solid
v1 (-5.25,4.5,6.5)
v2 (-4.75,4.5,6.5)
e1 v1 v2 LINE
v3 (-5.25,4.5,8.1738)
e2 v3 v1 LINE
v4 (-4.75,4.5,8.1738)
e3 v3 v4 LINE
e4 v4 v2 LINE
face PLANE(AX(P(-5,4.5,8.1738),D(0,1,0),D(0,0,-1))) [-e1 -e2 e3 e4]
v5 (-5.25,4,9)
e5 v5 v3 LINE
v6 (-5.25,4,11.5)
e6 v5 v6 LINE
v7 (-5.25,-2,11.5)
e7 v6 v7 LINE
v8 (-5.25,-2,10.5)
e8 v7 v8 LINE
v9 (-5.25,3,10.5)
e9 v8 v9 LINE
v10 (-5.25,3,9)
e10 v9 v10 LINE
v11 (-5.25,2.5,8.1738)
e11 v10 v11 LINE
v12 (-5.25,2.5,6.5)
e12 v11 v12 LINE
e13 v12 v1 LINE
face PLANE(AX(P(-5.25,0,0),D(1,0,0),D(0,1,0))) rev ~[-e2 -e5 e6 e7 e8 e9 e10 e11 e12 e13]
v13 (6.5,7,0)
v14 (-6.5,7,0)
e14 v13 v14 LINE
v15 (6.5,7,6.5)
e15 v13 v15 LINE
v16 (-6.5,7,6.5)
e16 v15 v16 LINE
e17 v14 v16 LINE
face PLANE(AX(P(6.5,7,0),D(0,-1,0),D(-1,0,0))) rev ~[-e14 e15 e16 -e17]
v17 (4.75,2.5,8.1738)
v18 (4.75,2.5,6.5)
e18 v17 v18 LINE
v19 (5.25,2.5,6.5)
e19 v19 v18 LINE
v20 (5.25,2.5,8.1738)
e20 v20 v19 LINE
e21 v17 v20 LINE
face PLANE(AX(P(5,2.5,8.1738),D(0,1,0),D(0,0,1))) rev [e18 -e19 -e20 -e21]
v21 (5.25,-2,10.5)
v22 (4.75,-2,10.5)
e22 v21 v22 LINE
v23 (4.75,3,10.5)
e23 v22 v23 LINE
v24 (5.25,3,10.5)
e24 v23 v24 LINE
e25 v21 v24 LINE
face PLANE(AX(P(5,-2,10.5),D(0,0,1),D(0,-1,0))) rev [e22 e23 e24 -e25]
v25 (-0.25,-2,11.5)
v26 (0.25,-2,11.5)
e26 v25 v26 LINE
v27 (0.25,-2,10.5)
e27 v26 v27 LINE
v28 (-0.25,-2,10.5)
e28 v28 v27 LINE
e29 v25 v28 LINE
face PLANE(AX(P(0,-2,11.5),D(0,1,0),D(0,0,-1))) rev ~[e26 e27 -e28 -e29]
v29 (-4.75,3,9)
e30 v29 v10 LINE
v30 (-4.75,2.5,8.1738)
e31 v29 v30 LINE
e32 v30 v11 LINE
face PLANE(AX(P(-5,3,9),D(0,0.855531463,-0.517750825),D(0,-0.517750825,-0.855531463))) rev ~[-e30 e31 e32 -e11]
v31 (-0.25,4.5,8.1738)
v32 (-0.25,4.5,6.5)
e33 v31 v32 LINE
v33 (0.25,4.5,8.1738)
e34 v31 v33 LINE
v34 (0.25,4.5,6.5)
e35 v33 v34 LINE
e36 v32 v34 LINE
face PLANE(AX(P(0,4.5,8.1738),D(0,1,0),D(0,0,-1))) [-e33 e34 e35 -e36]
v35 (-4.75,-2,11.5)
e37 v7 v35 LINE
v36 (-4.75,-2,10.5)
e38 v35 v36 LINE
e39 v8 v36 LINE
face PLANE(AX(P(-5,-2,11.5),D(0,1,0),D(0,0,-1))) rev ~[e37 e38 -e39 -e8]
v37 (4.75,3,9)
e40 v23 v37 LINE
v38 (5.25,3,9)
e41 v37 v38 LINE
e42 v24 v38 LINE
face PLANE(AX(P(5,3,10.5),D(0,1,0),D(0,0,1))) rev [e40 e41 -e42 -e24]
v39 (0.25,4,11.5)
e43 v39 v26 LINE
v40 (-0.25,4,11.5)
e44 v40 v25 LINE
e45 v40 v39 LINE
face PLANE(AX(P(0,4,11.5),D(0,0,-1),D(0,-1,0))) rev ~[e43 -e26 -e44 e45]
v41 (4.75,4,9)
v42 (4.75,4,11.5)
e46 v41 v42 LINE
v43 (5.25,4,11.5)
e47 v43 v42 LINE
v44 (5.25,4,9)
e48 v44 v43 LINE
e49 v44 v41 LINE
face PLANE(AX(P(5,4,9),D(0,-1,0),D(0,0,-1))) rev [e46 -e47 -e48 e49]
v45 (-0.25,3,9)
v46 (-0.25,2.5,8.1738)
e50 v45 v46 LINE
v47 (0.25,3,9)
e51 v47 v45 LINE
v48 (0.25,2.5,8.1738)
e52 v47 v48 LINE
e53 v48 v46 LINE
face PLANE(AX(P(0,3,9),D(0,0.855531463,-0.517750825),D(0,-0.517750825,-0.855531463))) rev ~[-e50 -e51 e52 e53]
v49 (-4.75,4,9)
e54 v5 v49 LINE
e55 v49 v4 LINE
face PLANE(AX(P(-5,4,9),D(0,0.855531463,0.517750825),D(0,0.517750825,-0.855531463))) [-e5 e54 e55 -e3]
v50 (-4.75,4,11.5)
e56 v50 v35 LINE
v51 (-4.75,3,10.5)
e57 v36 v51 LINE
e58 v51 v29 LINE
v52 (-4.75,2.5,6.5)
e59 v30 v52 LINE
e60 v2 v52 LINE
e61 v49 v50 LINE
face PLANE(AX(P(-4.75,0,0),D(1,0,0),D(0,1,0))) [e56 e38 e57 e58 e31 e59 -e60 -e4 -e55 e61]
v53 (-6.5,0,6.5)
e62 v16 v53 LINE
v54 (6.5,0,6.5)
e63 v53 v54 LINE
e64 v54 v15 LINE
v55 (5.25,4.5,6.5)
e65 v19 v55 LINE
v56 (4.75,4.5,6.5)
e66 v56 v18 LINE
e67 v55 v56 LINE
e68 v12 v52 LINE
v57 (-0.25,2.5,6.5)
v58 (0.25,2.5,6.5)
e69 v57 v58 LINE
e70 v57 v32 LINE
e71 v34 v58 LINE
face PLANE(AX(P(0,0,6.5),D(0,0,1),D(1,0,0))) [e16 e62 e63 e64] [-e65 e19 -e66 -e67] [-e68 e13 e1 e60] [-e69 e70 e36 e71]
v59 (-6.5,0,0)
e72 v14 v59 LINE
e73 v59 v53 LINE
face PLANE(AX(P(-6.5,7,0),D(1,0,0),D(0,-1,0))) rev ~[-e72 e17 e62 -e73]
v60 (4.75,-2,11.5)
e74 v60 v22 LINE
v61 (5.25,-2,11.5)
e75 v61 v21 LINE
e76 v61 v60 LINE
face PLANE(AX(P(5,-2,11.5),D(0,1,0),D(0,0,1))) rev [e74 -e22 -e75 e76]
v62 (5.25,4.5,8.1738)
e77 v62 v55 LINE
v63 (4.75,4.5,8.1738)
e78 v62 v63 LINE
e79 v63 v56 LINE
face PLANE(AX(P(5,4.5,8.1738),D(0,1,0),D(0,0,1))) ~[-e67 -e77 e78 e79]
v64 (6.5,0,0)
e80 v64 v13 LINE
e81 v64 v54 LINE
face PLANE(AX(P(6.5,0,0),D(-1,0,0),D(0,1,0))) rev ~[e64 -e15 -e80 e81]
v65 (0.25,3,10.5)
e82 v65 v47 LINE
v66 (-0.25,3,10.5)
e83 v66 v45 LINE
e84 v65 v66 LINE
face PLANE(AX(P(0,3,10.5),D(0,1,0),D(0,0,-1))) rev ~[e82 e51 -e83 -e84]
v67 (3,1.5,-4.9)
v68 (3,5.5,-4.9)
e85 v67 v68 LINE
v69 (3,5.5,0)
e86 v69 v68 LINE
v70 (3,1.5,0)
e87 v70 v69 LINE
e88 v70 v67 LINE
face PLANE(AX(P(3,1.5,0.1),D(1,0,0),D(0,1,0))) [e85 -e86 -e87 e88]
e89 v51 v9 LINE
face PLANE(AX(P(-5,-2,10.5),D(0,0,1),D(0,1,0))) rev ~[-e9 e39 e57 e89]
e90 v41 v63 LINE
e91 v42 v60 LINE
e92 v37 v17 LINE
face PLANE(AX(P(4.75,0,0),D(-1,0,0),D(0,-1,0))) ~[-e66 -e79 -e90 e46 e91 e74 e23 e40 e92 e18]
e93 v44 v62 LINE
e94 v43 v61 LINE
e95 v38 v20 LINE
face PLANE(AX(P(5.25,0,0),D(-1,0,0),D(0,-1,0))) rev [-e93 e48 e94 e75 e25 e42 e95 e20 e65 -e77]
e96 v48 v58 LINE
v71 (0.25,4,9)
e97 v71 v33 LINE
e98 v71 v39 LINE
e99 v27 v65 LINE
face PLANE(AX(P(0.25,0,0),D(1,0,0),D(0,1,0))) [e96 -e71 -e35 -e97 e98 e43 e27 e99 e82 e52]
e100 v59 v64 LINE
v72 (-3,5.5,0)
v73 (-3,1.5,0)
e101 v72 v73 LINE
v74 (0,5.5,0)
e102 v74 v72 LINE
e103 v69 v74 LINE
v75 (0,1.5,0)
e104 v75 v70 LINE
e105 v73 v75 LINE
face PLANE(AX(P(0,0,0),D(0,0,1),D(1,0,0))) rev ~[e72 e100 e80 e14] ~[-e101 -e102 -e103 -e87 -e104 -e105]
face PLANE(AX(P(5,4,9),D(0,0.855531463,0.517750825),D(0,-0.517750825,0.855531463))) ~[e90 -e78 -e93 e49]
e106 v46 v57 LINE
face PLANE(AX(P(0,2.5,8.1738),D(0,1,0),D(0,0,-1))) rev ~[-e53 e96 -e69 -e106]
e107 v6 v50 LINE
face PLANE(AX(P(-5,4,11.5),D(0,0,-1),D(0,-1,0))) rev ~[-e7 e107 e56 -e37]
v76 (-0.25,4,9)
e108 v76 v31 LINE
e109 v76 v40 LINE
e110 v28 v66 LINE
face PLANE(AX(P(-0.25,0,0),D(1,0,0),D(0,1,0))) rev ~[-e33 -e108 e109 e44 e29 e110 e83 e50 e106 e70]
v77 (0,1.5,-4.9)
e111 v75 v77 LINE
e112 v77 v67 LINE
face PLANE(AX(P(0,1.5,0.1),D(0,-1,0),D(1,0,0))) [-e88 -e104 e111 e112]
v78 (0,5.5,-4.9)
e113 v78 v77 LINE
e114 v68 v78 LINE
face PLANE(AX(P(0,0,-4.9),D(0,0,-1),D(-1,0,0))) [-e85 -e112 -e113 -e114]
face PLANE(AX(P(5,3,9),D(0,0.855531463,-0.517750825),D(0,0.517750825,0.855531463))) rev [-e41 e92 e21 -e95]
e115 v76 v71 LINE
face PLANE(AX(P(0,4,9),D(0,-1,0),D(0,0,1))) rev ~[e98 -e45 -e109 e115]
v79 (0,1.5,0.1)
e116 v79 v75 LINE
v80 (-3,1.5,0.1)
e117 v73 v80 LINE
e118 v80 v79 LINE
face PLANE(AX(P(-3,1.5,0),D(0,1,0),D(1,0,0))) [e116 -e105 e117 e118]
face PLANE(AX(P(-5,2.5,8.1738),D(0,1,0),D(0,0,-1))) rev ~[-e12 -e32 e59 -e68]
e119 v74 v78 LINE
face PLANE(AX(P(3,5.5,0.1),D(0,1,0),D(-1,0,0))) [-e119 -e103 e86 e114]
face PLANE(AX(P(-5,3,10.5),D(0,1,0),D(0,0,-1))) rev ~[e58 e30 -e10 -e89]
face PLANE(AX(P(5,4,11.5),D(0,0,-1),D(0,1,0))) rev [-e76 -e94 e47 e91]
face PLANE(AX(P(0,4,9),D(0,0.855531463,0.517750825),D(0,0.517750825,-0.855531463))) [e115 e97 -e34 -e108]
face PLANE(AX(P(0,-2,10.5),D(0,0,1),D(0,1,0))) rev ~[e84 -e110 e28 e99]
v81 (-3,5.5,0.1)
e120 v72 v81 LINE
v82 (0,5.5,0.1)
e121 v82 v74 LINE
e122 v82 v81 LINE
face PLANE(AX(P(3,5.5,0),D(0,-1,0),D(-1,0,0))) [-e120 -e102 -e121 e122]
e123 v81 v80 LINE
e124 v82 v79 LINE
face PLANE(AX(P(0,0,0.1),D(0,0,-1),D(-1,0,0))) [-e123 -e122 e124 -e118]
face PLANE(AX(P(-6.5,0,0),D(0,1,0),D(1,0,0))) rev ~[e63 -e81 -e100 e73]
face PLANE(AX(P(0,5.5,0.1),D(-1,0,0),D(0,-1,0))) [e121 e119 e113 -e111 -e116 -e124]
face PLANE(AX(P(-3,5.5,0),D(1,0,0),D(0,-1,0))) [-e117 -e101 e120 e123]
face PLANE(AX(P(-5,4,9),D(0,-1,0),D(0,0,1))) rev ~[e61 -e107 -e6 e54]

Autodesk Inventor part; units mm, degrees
ref_plane "YZ Plane" through (0, 0, 0) normal (1, 0, 0) x (0, 1, 0)
ref_plane "XZ Plane" through (0, 0, 0) normal (0, 1, 0) x (-1, 0, 0)
ref_plane "XY Plane" through (0, 0, 0) normal (0, 0, 1) x (1, 0, 0)
sketch "Sketch1" plane through (0, 0, 0) normal (0, 0, 1) x (1, 0, 0)
  line L0 (-6.5, 0) -> (6.5, 0)
  line L1 (6.5, 0) -> (6.5, 7)
  line L2 (6.5, 7) -> (-6.5, 7)
  line L3 (-6.5, 7) -> (-6.5, 0)
  point P0 (0, 0)
  point P1 (0, 0)
  dimension "d0" = 13
  dimension "d1" = 7
extrude "Extrusion1" add sketch "Sketch1" along normal blind 6.5
sketch "Sketch2" plane through (0, 0, 0) normal (0, 0, -1) x (-1, 0, 0)
  line L0 (-3, 5.5) -> (3, 5.5)
  line L1 (3, 5.5) -> (3, 1.5)
  line L2 (3, 1.5) -> (-3, 1.5)
  line L3 (-3, 1.5) -> (-3, 5.5)
  line L4 (6.5, 0) -> (-6.5, 0) projected
  line L5 (-6.5, 0) -> (-6.5, 7) projected
  point P0 (0, 0)
  point P1 (0, 1.5)
  point P2 (0, 0)
  point P3 (-3, 3.5)
  point P4 (-6.5, 3.5)
  dimension "d4" = 4
  dimension "d5" = 6
extrude "Extrusion2" cut sketch "Sketch2" against normal blind 0.1
sketch "Sketch3" plane through (0, 0, 0.1) normal (0, 0, -1) x (-1, 0, 0)
  line L0 (-3, 1.5) -> (-3, 5.5) projected
  line L1 (3, 1.5) -> (-3, 1.5) projected
  line L2 (-3, 5.5) -> (0, 5.5)
  line L3 (0, 5.5) -> (0, 1.5)
  line L4 (0, 1.5) -> (-3, 1.5)
  line L5 (-3, 1.5) -> (-3, 5.5)
  point P0 (0, 0)
extrude "Extrusion3" add sketch "Sketch3" along normal blind 5
sketch "Sketch4" plane through (0, 0, 0) normal (1, 0, 0) x (0, 1, 0)
  line L0 (0, 6.5) -> (7, 6.5) projected
  line L1 (4, 6.5) -> (4, 11.5)
  line L2 (4, 11.5) -> (-2, 11.5)
  line L3 (-2, 11.5) -> (-2, 10.5)
  line L4 (-2, 10.5) -> (3, 10.5)
  line L5 (3, 10.5) -> (3, 6.5)
  line L6 (3, 9) -> (2.5, 8.1738)
  line L7 (2.5, 8.1738) -> (2.5, 6.5)
  line L8 (4, 9) -> (4.5, 8.1738)
  line L9 (4.5, 8.1738) -> (4.5, 6.5)
  line L10 (0, 0) -> (0, 6.5) projected
  line L11 (4, 9) -> (3, 9) construction
  point P0 (-2, 11)
  point P1 (3.5, 9)
  point P2 (3.5, 6.5)
  dimension "d10" = 1
  dimension "d11" = 1
  dimension "d12" = 2
  dimension "d13" = 2
  dimension "d14" = 5
extrude "Extrusion4" add sketch "Sketch4" along normal mid plane 0.5
pattern_linear "Rectangular Pattern1" count 2 spacing 5 along (-1, 0, 0) of "Extrusion4"
mirror "Mirror1" about plane through (0, 0, 0) normal (1, 0, 0) of "Extrusion4", "Rectangular Pattern1"
properties part number "Switch"
